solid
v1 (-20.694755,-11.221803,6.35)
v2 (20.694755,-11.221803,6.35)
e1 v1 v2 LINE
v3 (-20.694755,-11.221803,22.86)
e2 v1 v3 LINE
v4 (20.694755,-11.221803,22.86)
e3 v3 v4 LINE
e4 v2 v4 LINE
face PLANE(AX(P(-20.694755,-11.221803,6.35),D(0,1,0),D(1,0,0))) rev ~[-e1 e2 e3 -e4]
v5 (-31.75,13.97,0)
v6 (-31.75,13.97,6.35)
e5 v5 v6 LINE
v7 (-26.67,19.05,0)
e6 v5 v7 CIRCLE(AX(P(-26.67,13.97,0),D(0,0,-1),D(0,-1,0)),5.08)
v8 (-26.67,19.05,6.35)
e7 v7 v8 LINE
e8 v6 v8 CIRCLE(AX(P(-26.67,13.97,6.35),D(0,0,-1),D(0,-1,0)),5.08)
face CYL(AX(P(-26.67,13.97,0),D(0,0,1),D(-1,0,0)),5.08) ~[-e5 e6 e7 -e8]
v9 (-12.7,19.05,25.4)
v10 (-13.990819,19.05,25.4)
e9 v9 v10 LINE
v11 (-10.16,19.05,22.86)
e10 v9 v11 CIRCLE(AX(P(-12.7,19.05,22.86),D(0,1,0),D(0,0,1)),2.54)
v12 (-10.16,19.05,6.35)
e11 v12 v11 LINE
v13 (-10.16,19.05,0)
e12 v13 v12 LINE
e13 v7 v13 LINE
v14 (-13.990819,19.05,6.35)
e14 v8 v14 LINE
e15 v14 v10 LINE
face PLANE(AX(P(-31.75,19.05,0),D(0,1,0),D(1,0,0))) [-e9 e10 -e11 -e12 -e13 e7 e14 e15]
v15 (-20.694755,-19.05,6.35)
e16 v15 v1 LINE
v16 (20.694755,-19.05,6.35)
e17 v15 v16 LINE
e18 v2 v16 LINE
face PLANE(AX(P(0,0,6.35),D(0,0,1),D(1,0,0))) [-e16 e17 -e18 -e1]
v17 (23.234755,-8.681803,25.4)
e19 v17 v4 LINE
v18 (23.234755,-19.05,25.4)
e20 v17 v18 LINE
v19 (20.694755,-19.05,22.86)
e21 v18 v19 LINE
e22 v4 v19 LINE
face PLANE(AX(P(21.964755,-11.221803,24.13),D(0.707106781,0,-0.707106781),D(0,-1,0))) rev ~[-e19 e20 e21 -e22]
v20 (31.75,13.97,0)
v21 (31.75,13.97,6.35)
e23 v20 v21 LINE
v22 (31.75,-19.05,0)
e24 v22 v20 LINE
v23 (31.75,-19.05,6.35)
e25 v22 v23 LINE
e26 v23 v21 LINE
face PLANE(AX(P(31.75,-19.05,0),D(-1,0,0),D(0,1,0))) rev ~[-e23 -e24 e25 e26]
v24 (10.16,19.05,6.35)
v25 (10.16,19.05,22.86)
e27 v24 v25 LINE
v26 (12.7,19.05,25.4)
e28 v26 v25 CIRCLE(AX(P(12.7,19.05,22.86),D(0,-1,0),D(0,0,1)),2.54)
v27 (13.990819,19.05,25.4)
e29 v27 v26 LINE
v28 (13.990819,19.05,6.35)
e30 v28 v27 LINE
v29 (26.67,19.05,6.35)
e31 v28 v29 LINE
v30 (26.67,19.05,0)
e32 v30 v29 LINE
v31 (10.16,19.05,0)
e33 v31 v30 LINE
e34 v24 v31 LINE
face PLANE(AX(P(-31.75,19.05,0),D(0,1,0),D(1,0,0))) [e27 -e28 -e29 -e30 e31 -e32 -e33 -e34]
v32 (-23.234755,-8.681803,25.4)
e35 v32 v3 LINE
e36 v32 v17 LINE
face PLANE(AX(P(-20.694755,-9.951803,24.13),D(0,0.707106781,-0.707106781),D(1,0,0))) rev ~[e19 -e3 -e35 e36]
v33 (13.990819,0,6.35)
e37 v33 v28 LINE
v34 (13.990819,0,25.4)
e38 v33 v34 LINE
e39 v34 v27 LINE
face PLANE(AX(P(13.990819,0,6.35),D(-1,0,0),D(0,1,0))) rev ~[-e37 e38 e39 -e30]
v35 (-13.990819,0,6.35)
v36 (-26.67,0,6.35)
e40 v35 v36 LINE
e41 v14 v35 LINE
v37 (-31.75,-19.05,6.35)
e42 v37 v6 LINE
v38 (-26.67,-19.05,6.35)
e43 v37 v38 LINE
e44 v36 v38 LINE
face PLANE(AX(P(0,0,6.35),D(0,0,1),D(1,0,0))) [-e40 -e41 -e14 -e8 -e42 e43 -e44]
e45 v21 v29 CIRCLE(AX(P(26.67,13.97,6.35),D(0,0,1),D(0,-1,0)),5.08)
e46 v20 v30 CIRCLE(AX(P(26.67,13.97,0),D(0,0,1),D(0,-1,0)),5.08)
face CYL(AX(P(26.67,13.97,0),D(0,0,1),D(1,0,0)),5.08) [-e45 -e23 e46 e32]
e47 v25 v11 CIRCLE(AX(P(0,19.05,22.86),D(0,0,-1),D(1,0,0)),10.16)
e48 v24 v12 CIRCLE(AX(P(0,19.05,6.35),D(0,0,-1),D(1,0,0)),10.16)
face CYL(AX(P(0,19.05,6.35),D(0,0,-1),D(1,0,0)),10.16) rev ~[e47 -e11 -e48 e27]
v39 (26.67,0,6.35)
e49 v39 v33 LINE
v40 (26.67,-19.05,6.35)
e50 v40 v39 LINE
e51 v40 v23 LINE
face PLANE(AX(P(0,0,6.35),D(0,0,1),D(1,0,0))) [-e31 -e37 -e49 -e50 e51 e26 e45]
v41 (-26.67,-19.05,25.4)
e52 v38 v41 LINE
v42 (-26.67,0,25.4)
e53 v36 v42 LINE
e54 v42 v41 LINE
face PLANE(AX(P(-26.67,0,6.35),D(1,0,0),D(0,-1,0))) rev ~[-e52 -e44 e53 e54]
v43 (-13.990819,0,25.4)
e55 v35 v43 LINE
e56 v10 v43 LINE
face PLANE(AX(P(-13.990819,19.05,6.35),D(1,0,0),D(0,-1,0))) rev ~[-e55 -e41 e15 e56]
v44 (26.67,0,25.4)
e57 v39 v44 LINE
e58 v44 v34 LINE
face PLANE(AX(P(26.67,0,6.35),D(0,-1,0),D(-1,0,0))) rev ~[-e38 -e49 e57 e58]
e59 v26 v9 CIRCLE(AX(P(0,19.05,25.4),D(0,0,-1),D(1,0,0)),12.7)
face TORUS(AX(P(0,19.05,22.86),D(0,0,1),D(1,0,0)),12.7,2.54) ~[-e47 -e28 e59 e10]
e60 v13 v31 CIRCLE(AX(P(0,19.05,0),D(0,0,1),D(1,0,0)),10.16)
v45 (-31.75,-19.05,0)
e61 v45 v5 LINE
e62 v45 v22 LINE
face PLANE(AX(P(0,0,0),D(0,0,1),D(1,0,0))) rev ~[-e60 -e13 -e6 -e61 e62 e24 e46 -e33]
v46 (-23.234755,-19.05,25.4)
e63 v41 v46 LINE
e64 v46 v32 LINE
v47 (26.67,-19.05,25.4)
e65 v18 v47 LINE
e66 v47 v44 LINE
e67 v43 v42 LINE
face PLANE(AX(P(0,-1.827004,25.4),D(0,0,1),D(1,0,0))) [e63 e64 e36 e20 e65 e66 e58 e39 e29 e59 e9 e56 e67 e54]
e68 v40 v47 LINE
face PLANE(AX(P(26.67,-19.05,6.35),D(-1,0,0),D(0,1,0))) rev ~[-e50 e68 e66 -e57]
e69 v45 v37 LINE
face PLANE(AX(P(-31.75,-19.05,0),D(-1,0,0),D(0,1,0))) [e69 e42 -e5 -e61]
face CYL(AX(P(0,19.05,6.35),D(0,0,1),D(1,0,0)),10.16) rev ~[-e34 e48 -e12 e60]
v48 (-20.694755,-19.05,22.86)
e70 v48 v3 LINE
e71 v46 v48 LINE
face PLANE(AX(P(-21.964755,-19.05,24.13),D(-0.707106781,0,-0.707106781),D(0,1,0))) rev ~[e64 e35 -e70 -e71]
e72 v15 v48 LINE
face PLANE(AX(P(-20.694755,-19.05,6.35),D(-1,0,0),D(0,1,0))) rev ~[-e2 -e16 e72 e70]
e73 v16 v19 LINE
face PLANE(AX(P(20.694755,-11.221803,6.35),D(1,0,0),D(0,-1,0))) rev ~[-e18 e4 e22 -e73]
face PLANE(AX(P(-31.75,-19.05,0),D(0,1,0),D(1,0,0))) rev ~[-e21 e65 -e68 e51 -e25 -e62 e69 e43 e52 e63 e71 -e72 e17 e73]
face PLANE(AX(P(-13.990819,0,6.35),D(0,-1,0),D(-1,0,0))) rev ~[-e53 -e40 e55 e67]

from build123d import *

# Parameters (mm, degrees)
F0_W     = 63.5
F0_H     = 38.1
F1_DEPTH = 6.35
F2_R     = 5.08
F4_DEPTH = 19.05
F3_R     = 10.16
F5_DEPTH = 25.4
F6_R     = 2.54
F7_SIZE  = 2.54


with BuildPart() as f1:
    # F0 (on Top) → F1 (new body)
    with BuildSketch(Plane.XY):
        Rectangle(F0_W, F0_H)
    extrude(amount=F1_DEPTH)

    # F2
    f2_edges = [f1.edges().sort_by_distance(p)[0] for p in [
        (-31.75, 19.05, 3.175),
        (31.75, 19.05, 3.175),
    ]]
    fillet(f2_edges, radius=F2_R)

    # F3 (on face) → F4 (join)
    with BuildSketch(Plane.XY.offset(6.35)):
        with BuildLine():
            Line((13.9908194542, 19.05), (10.16, 19.05))
            ThreePointArc((10.16, 19.05), (0, 8.89), (-10.16, 19.05))
            Line((-10.16, 19.05), (-13.9908194542, 19.05))
            Line((-13.9908194542, 19.05), (-13.9908194542, 0))
            Line((-13.9908194542, 0), (-26.67, 0))
            Line((-26.67, 0), (-26.67, -19.05))
            Line((-26.67, -19.05), (-20.6947550178, -19.05))
            Line((-20.6947550178, -19.05), (-20.6947550178, -11.2218027934))
            Line((-20.6947550178, -11.2218027934), (0, -11.2218027934))
            Line((0, -11.2218027934), (20.6947550178, -11.2218027934))
            Line((20.6947550178, -11.2218027934), (20.6947550178, -19.05))
            Line((20.6947550178, -19.05), (26.67, -19.05))
            Line((26.67, -19.05), (26.67, 0))
            Line((26.67, 0), (13.9908194542, 0))
            Line((13.9908194542, 0), (13.9908194542, 19.05))
        make_face()
    extrude(amount=F4_DEPTH)

    # F3 (on face) → F5 (cut)
    with BuildSketch(Plane.XY.offset(6.35)):
        with Locations((0, 19.05)):
            Circle(F3_R)
    extrude(amount=-F5_DEPTH, mode=Mode.SUBTRACT)

    # F6
    f6_edges = [f1.edges().sort_by_distance(p)[0] for p in [
        (0, 8.89, 25.4),
    ]]
    fillet(f6_edges, radius=F6_R)

    # F7
    f7_edges = [f1.edges().sort_by_distance(p)[0] for p in [
        (0, -11.221803, 25.4),
        (-20.694755, -15.135901, 25.4),
        (20.694755, -15.135901, 25.4),
    ]]
    chamfer(f7_edges, length=F7_SIZE)


solid = f1.part
